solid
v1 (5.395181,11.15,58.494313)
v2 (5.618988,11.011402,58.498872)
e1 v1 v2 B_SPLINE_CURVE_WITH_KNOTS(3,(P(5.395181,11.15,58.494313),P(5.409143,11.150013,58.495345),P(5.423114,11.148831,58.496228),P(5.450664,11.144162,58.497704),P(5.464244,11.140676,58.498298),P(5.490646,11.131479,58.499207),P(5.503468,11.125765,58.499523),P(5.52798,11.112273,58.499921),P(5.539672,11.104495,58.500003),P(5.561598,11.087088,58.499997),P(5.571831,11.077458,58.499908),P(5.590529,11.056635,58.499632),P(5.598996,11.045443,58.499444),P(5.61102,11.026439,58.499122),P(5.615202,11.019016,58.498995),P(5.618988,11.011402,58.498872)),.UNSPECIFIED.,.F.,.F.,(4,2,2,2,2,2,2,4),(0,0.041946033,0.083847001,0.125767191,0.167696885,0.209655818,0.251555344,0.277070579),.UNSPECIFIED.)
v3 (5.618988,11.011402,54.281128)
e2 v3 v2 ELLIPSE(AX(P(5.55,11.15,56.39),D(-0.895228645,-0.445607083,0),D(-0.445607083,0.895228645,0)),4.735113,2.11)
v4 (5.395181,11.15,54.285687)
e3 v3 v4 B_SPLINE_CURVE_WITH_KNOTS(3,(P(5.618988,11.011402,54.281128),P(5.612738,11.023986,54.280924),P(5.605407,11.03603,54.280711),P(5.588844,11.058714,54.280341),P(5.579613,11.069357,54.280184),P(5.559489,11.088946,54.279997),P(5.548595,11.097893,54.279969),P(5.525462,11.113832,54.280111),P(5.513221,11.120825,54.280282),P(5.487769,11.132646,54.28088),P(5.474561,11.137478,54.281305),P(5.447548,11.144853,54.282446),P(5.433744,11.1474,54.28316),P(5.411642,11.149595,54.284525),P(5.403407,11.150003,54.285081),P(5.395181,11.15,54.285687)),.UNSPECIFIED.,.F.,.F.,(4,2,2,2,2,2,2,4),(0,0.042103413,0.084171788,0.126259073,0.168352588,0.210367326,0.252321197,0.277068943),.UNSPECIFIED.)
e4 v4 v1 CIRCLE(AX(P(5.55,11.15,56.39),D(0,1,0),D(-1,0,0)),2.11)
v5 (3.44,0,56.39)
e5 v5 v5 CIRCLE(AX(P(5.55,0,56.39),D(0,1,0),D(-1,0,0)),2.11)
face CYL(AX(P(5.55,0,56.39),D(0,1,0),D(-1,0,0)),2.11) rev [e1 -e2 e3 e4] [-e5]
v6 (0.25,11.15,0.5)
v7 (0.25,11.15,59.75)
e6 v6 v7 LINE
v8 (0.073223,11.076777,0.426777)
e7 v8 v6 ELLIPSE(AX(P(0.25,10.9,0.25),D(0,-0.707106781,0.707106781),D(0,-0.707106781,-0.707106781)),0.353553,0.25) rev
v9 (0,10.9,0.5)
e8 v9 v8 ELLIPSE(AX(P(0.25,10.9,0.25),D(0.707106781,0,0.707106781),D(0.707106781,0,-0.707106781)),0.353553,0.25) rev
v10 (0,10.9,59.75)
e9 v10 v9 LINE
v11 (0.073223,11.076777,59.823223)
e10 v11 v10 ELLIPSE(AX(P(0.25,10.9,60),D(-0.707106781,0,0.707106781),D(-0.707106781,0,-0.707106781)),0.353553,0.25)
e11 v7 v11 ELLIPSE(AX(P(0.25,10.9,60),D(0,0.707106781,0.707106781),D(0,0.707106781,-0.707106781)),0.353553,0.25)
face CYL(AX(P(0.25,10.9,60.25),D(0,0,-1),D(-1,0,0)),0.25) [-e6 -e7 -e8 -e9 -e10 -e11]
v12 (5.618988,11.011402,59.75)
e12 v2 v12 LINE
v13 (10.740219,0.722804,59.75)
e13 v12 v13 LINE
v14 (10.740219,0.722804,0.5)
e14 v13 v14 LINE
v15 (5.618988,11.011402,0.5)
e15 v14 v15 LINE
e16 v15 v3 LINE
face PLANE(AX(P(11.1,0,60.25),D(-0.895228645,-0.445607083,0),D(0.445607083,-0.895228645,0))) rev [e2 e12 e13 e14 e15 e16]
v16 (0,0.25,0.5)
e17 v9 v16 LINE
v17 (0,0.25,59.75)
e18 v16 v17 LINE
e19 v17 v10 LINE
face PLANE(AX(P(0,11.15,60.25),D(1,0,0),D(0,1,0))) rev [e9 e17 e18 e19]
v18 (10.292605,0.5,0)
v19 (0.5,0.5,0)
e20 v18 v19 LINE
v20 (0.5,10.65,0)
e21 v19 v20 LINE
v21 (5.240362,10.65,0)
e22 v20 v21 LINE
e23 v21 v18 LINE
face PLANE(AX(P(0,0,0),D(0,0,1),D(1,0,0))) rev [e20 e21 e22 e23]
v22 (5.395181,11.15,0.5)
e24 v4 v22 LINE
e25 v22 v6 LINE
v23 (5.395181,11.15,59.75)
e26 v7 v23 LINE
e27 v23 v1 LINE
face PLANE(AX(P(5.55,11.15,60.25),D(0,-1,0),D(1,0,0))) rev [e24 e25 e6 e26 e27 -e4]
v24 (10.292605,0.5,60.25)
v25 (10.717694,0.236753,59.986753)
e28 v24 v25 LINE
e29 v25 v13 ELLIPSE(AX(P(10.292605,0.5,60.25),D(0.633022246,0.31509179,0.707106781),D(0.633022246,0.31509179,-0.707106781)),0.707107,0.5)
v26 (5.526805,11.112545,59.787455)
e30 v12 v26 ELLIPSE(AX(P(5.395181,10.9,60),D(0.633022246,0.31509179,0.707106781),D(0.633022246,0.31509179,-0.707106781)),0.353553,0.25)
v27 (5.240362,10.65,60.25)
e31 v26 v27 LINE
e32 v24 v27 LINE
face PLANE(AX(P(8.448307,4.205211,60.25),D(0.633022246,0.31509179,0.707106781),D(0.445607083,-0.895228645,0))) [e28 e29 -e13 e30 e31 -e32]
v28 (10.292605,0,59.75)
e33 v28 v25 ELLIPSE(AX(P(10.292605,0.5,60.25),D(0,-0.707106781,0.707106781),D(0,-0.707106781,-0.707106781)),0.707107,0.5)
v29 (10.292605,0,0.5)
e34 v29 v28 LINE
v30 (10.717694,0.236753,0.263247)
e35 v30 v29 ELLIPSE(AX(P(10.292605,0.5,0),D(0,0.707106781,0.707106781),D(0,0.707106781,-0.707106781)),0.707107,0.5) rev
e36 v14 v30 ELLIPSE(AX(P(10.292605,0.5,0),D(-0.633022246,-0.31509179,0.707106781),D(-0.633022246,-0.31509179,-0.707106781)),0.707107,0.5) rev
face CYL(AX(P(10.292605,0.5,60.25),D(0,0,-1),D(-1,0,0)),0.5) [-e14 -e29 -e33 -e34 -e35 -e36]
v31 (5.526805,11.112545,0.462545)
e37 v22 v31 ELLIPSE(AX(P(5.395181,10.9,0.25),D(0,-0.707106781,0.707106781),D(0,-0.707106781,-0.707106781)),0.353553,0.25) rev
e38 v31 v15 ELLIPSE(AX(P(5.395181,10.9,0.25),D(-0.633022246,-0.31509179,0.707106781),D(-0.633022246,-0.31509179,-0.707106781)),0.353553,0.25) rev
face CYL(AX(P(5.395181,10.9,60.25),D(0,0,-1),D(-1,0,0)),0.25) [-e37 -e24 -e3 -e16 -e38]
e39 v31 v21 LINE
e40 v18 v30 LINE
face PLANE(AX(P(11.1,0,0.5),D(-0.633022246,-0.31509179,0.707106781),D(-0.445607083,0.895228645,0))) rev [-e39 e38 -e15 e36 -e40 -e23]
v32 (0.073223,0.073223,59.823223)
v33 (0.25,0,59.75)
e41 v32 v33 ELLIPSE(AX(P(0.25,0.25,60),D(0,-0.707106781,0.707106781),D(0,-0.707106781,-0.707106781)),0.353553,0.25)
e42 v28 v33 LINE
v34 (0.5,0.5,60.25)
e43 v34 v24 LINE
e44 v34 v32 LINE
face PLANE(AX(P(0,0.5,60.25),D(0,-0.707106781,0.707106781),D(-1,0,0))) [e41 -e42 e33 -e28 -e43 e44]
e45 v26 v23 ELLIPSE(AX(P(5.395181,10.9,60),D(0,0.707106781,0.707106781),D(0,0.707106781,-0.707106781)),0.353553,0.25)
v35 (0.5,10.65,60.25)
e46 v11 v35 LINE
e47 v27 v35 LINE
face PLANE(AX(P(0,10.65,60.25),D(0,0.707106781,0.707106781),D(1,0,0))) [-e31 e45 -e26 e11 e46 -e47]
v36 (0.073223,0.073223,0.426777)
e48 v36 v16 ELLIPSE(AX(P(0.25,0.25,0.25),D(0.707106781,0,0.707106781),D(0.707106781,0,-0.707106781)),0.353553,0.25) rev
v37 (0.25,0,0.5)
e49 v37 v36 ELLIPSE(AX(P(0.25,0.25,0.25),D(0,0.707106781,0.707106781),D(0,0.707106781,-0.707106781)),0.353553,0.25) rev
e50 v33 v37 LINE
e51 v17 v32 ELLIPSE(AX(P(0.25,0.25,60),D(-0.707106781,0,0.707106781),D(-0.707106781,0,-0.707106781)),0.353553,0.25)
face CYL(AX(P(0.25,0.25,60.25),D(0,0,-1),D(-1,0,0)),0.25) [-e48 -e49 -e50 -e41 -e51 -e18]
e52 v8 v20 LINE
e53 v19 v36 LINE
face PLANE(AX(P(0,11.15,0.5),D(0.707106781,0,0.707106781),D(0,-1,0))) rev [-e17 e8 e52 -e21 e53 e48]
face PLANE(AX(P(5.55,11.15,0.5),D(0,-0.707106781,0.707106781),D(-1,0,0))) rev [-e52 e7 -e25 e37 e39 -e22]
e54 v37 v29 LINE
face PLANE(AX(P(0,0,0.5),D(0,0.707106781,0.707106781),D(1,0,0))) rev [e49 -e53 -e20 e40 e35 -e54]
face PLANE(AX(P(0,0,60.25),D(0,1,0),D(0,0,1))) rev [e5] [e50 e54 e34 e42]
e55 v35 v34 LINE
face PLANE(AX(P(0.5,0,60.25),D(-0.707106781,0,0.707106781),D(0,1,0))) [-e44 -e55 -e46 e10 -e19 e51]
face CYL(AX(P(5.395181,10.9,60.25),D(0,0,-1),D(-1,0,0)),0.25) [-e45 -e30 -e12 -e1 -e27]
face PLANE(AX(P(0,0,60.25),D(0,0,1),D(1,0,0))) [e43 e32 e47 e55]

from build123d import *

# Parameters (mm, degrees)
BASE_DEPTH        = 60.25
FACE_CHAMFER_SIZE = 0.5
SMALLER_FILLETS_R = 0.25
LARGER_FILLET_R   = 0.5
SKETCH2_R         = 2.11
HOLE_DEPTH        = 63.216278519


with BuildPart() as part:
    # Sketch1 → Base (new body)
    with BuildSketch(Plane.XY):
        Polygon((0, 11.15), (0, 0), (11.1, 0), (5.55, 11.15), align=None)
    extrude(amount=BASE_DEPTH)

    # Face Chamfer
    face_chamfer_edges = [part.edges().sort_by_distance(p)[0] for p in [
        (5.55, 0, 60.25),
        (8.325, 5.575, 60.25),
        (2.775, 11.15, 60.25),
        (8.325, 5.575, 0),
        (5.55, 0, 0),
        (0, 5.575, 0),
        (2.775, 11.15, 0),
        (0, 5.575, 60.25),
    ]]
    chamfer(face_chamfer_edges, length=FACE_CHAMFER_SIZE)

    # Smaller Fillets
    smaller_fillets_edges = [part.edges().sort_by_distance(p)[0] for p in [
        (0, 0, 30.125),
        (0, 11.15, 30.125),
        (5.55, 11.15, 30.125),
    ]]
    fillet(smaller_fillets_edges, radius=SMALLER_FILLETS_R)

    # Larger Fillet
    larger_fillet_edges = [part.edges().sort_by_distance(p)[0] for p in [
        (11.1, 0, 30.125),
    ]]
    fillet(larger_fillet_edges, radius=LARGER_FILLET_R)

    # Sketch2 → Hole (cut, through all)
    with BuildSketch(Plane(origin=(0, 11.15, 0), x_dir=(1, 0, 0), z_dir=(0, 1, 0))):
        with Locations(Location((5.55, -56.39, 0), (0, 0, 180))):
            Circle(SKETCH2_R)
    extrude(amount=-HOLE_DEPTH, mode=Mode.SUBTRACT)


solid = part.part
